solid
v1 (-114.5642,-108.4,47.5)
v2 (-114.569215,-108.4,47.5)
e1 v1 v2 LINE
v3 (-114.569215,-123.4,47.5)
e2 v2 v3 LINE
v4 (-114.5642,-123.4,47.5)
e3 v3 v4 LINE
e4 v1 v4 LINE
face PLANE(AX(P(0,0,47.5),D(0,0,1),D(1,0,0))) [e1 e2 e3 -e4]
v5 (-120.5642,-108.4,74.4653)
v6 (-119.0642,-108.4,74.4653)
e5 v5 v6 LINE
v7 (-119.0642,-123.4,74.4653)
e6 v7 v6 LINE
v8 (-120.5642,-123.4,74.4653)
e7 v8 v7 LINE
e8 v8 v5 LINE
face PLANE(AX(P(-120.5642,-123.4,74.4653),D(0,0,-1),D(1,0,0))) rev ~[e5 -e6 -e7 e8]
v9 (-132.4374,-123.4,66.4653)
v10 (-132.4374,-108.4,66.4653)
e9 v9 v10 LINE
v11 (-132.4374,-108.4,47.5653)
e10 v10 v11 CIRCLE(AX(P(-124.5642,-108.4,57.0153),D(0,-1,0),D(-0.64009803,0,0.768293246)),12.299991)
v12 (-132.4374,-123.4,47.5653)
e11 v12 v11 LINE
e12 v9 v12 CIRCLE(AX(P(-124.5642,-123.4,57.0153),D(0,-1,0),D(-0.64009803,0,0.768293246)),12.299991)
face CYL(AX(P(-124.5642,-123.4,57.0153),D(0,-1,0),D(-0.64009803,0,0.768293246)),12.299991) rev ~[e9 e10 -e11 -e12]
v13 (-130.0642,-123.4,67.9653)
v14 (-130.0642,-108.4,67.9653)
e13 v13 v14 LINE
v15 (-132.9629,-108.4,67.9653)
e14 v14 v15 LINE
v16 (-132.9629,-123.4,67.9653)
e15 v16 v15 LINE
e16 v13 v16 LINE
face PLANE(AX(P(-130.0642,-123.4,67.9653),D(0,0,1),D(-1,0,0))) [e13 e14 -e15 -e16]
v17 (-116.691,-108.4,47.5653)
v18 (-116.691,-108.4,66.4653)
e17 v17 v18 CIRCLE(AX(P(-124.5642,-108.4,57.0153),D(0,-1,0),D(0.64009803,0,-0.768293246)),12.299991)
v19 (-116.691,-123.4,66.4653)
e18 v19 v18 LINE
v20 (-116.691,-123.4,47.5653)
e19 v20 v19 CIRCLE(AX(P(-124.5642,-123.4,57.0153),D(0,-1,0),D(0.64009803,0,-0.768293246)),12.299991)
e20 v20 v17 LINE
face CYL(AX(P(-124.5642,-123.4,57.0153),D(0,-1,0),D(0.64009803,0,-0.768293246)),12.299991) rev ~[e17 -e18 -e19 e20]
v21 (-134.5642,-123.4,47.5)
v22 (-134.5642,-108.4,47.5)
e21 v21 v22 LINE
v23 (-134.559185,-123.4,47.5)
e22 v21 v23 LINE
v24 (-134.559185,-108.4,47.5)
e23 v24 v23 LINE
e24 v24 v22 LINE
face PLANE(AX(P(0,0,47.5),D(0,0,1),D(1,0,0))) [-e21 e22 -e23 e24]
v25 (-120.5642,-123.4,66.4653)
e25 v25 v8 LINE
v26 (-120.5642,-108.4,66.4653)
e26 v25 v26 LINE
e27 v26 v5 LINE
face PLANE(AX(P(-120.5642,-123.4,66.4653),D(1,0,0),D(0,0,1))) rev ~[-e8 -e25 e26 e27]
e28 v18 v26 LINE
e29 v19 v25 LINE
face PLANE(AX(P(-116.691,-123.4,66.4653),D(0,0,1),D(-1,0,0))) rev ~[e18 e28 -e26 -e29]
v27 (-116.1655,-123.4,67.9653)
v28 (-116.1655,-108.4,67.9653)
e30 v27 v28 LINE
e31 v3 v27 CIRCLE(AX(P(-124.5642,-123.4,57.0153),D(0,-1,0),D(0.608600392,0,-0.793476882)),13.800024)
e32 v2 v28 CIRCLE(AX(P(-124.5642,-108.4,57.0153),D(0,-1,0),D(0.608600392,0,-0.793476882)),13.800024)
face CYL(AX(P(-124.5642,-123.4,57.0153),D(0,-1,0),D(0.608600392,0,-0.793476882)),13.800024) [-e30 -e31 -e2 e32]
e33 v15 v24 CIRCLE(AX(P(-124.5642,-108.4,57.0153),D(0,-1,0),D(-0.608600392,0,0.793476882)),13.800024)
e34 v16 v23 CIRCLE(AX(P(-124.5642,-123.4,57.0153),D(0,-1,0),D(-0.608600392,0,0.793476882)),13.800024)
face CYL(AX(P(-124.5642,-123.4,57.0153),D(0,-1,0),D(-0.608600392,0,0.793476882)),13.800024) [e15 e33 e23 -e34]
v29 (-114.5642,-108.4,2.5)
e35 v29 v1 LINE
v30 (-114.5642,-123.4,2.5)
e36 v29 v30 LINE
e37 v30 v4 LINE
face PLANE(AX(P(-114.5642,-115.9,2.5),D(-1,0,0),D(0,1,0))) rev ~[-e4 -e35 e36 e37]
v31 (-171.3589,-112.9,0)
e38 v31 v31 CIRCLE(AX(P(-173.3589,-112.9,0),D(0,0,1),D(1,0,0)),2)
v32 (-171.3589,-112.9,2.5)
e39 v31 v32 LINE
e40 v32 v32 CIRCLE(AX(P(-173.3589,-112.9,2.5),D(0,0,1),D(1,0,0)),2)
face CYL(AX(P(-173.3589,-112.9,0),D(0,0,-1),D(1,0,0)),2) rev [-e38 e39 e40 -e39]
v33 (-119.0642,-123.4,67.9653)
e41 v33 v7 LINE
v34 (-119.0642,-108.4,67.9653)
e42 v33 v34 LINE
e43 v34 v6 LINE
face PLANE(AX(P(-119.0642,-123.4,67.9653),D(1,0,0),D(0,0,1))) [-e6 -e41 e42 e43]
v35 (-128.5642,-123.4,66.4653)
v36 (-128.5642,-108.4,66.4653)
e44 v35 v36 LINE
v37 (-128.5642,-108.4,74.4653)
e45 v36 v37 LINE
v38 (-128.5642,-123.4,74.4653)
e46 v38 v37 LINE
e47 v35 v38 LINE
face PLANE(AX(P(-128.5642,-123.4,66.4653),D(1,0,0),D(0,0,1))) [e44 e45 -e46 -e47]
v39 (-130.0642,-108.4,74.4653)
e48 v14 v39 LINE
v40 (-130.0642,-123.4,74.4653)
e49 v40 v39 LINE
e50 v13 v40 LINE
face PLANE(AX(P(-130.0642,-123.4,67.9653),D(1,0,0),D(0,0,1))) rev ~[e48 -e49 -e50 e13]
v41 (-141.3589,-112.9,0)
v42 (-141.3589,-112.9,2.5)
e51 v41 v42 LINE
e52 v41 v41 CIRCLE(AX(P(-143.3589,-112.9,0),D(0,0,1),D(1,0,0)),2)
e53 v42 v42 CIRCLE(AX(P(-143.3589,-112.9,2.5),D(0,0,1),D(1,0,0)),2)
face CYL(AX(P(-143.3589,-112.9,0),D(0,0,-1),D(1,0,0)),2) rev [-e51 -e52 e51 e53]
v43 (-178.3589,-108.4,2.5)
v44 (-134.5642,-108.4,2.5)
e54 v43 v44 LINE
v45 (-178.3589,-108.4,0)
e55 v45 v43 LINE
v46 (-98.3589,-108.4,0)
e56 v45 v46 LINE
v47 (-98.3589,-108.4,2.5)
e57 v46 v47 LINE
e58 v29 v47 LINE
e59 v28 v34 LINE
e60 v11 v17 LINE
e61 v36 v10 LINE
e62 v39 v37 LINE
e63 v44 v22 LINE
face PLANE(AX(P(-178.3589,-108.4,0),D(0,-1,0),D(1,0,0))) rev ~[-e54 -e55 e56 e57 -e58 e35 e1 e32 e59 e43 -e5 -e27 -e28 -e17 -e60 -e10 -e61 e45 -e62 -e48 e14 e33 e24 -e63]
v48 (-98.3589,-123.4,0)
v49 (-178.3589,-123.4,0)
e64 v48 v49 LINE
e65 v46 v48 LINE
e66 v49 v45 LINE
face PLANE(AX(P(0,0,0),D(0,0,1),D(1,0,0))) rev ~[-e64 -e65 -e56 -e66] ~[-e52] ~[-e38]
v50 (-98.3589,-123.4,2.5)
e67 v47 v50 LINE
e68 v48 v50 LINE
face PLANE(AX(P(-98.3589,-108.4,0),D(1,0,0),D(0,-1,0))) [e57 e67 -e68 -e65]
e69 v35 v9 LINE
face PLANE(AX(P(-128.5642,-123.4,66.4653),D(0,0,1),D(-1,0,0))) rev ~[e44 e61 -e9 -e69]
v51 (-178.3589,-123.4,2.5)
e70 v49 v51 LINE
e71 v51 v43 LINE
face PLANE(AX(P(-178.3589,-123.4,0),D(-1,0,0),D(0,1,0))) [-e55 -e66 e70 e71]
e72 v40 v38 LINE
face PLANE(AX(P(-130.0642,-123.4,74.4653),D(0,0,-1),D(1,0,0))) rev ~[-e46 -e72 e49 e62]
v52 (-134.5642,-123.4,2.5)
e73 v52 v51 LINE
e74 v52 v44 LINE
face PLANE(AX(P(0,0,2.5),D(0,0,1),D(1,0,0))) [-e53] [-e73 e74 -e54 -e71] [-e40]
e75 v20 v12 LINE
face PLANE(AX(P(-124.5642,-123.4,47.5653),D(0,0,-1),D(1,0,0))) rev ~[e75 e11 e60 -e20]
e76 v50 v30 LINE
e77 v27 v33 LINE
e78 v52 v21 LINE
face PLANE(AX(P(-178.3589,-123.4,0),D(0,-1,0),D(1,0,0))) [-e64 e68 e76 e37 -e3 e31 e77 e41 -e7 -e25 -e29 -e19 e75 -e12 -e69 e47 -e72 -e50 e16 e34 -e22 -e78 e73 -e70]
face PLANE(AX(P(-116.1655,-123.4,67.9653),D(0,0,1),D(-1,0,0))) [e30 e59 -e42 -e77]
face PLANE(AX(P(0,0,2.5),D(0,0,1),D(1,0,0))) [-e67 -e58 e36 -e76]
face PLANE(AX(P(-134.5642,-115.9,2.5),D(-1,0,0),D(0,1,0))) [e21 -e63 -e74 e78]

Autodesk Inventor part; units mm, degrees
ref_plane "YZ Plane" through (0, 0, 0) normal (1, 0, 0) x (0, 1, 0)
ref_plane "XZ Plane" through (0, 0, 0) normal (0, 1, 0) x (-1, 0, 0)
ref_plane "XY Plane" through (0, 0, 0) normal (0, 0, 1) x (1, 0, 0)
sketch "Sketch1" plane through (0, 0, 0) normal (0, 0, 1) x (1, 0, 0)
  circle A0 centre (-173.3589, -112.9) radius 2 projected
  circle A1 centre (-143.3589, -112.9) radius 2 projected
  circle A2 centre (-173.3589, -112.9) radius 2
  circle A3 centre (-143.3589, -112.9) radius 2
  line L0 (-178.3589, -108.4) -> (-98.3589, -108.4)
  line L1 (-98.3589, -108.4) -> (-98.3589, -123.4)
  line L2 (-98.3589, -123.4) -> (-178.3589, -123.4)
  line L3 (-178.3589, -123.4) -> (-178.3589, -108.4)
  point P0 (0, 0)
  dimension "d0" = 4
  dimension "d1" = 4
  dimension "d2" = 15
  dimension "d3" = 80
  dimension "d4" = 4.5
  dimension "d5" = 5
extrude "Extrusion1" add sketch "Sketch1" along normal blind 2.5
sketch "Sketch2" plane through (0, 0, 2.5) normal (0, 0, 1) x (1, 0, 0)
  line L0 (-178.3589, -123.4) -> (-98.3589, -123.4) projected
  line L1 (-98.3589, -123.4) -> (-98.3589, -108.4) projected
  line L2 (-98.3589, -108.4) -> (-178.3589, -108.4) projected
  line L3 (-178.3589, -108.4) -> (-178.3589, -123.4) projected
  circle A0 centre (-143.3589, -112.9) radius 2 projected
  circle A1 centre (-173.3589, -112.9) radius 2 projected
  line L4 (-122.2642, -87.4) -> (-126.8642, -87.4) projected
  line L5 (-124.5642, -87.4) -> (-124.5642, -147.4431) construction
  line L6 (-124.5642, -115.9) -> (-114.5642, -115.9) construction
  line L7 (-98.3589, -108.4) -> (-178.3589, -108.4) projected
  line L8 (-114.5642, -115.9) -> (-114.5642, -123.4)
  line L9 (-114.5642, -115.9) -> (-114.5642, -108.4)
  line L10 (-134.5642, -115.9) -> (-134.5642, -123.4)
  line L11 (-134.5642, -115.9) -> (-134.5642, -108.4)
  line L12 (-114.5642, -123.4) -> (-134.5642, -123.4)
  line L13 (-178.3589, -123.4) -> (-98.3589, -123.4) projected
  line L14 (-114.5642, -108.4) -> (-134.5642, -108.4)
  point P0 (0, 0)
  point P1 (-112.4142, -124.5353)
  point P2 (-112.4142, -107.2647)
  dimension "d8" = 10
extrude "Extrusion2" add sketch "Sketch2" along normal blind 45 contours L10 L11 L2 L9 L8 L0
sketch "Sketch3" plane through (-178.3589, -123.4, 0) normal (0, -1, 0) x (1, 0, 0)
  circle A0 centre (53.7947, 57.0153) radius 2.3 construction
  line L0 (53.7947, 57.0153) -> (53.7947, 47.7653) construction
  line L1 (53.7947, 57.0153) -> (65.8947, 57.0153) construction
  line L2 (53.7947, 47.7653) -> (61.5952, 47.7653) construction
  line L3 (53.7947, 47.7653) -> (45.9942, 47.7653) construction
  line L4 (53.7947, 66.2653) -> (61.5952, 66.2653) construction
  line L5 (53.7947, 66.2653) -> (45.9942, 66.2653) construction
  arc A1 (45.9942, 66.2653) -> (45.9942, 47.7653) centre (53.7947, 57.0153) ccw construction
  arc A2 (61.5952, 47.7653) -> (61.5952, 66.2653) centre (53.7947, 57.0153) ccw construction
  line L6 (61.6679, 66.4653) -> (53.9215, 66.4653)
  line L7 (53.9215, 66.4653) -> (45.9215, 66.4653)
  arc A3 (45.9215, 66.4653) -> (45.9215, 47.5653) centre (53.7947, 57.0153) ccw
  line L8 (45.9215, 47.5653) -> (53.7947, 47.5653)
  line L9 (53.7947, 47.5653) -> (61.6679, 47.5653)
  arc A4 (61.6679, 47.5653) -> (61.6679, 66.4653) centre (53.7947, 57.0153) ccw
  line L10 (62.1934, 67.9653) -> (59.2947, 67.9653)
  arc A5 (45.396, 67.9653) -> (45.396, 46.0653) centre (53.7947, 57.0153) ccw
  line L11 (45.396, 46.0653) -> (53.7947, 46.0653)
  line L12 (53.7947, 46.0653) -> (62.1934, 46.0653)
  arc A6 (62.1934, 46.0653) -> (62.1934, 67.9653) centre (53.7947, 57.0153) ccw
  line L13 (57.7947, 66.4653) -> (57.7947, 74.4653)
  line L14 (49.7947, 66.4653) -> (49.7947, 74.4653)
  line L15 (59.2947, 67.9653) -> (59.2947, 74.4653)
  line L16 (48.2947, 67.9653) -> (48.2947, 74.4653)
  line L17 (48.2947, 74.4653) -> (49.7947, 74.4653)
  line L18 (57.7947, 74.4653) -> (59.2947, 74.4653)
  line L19 (48.2947, 67.9653) -> (45.396, 67.9653)
  point P0 (178.3589, 0)
  dimension "d11" = 9.25
  dimension "d12" = 12.1
  dimension "d13" = 0.2
  dimension "d14" = 1.5
  dimension "d15" = 8
  dimension "d16" = 4
  dimension "d17" = 1.5
  dimension "d18" = 1.5
extrude "Extrusion3" add sketch "Sketch3" against normal blind 15 contours L6 L13 L18 L15 L10 A6 L12 L11 A5 L19 L16 L17 L14 L7 A3 L8 L9 A4
properties part number "sujetador_motor"
